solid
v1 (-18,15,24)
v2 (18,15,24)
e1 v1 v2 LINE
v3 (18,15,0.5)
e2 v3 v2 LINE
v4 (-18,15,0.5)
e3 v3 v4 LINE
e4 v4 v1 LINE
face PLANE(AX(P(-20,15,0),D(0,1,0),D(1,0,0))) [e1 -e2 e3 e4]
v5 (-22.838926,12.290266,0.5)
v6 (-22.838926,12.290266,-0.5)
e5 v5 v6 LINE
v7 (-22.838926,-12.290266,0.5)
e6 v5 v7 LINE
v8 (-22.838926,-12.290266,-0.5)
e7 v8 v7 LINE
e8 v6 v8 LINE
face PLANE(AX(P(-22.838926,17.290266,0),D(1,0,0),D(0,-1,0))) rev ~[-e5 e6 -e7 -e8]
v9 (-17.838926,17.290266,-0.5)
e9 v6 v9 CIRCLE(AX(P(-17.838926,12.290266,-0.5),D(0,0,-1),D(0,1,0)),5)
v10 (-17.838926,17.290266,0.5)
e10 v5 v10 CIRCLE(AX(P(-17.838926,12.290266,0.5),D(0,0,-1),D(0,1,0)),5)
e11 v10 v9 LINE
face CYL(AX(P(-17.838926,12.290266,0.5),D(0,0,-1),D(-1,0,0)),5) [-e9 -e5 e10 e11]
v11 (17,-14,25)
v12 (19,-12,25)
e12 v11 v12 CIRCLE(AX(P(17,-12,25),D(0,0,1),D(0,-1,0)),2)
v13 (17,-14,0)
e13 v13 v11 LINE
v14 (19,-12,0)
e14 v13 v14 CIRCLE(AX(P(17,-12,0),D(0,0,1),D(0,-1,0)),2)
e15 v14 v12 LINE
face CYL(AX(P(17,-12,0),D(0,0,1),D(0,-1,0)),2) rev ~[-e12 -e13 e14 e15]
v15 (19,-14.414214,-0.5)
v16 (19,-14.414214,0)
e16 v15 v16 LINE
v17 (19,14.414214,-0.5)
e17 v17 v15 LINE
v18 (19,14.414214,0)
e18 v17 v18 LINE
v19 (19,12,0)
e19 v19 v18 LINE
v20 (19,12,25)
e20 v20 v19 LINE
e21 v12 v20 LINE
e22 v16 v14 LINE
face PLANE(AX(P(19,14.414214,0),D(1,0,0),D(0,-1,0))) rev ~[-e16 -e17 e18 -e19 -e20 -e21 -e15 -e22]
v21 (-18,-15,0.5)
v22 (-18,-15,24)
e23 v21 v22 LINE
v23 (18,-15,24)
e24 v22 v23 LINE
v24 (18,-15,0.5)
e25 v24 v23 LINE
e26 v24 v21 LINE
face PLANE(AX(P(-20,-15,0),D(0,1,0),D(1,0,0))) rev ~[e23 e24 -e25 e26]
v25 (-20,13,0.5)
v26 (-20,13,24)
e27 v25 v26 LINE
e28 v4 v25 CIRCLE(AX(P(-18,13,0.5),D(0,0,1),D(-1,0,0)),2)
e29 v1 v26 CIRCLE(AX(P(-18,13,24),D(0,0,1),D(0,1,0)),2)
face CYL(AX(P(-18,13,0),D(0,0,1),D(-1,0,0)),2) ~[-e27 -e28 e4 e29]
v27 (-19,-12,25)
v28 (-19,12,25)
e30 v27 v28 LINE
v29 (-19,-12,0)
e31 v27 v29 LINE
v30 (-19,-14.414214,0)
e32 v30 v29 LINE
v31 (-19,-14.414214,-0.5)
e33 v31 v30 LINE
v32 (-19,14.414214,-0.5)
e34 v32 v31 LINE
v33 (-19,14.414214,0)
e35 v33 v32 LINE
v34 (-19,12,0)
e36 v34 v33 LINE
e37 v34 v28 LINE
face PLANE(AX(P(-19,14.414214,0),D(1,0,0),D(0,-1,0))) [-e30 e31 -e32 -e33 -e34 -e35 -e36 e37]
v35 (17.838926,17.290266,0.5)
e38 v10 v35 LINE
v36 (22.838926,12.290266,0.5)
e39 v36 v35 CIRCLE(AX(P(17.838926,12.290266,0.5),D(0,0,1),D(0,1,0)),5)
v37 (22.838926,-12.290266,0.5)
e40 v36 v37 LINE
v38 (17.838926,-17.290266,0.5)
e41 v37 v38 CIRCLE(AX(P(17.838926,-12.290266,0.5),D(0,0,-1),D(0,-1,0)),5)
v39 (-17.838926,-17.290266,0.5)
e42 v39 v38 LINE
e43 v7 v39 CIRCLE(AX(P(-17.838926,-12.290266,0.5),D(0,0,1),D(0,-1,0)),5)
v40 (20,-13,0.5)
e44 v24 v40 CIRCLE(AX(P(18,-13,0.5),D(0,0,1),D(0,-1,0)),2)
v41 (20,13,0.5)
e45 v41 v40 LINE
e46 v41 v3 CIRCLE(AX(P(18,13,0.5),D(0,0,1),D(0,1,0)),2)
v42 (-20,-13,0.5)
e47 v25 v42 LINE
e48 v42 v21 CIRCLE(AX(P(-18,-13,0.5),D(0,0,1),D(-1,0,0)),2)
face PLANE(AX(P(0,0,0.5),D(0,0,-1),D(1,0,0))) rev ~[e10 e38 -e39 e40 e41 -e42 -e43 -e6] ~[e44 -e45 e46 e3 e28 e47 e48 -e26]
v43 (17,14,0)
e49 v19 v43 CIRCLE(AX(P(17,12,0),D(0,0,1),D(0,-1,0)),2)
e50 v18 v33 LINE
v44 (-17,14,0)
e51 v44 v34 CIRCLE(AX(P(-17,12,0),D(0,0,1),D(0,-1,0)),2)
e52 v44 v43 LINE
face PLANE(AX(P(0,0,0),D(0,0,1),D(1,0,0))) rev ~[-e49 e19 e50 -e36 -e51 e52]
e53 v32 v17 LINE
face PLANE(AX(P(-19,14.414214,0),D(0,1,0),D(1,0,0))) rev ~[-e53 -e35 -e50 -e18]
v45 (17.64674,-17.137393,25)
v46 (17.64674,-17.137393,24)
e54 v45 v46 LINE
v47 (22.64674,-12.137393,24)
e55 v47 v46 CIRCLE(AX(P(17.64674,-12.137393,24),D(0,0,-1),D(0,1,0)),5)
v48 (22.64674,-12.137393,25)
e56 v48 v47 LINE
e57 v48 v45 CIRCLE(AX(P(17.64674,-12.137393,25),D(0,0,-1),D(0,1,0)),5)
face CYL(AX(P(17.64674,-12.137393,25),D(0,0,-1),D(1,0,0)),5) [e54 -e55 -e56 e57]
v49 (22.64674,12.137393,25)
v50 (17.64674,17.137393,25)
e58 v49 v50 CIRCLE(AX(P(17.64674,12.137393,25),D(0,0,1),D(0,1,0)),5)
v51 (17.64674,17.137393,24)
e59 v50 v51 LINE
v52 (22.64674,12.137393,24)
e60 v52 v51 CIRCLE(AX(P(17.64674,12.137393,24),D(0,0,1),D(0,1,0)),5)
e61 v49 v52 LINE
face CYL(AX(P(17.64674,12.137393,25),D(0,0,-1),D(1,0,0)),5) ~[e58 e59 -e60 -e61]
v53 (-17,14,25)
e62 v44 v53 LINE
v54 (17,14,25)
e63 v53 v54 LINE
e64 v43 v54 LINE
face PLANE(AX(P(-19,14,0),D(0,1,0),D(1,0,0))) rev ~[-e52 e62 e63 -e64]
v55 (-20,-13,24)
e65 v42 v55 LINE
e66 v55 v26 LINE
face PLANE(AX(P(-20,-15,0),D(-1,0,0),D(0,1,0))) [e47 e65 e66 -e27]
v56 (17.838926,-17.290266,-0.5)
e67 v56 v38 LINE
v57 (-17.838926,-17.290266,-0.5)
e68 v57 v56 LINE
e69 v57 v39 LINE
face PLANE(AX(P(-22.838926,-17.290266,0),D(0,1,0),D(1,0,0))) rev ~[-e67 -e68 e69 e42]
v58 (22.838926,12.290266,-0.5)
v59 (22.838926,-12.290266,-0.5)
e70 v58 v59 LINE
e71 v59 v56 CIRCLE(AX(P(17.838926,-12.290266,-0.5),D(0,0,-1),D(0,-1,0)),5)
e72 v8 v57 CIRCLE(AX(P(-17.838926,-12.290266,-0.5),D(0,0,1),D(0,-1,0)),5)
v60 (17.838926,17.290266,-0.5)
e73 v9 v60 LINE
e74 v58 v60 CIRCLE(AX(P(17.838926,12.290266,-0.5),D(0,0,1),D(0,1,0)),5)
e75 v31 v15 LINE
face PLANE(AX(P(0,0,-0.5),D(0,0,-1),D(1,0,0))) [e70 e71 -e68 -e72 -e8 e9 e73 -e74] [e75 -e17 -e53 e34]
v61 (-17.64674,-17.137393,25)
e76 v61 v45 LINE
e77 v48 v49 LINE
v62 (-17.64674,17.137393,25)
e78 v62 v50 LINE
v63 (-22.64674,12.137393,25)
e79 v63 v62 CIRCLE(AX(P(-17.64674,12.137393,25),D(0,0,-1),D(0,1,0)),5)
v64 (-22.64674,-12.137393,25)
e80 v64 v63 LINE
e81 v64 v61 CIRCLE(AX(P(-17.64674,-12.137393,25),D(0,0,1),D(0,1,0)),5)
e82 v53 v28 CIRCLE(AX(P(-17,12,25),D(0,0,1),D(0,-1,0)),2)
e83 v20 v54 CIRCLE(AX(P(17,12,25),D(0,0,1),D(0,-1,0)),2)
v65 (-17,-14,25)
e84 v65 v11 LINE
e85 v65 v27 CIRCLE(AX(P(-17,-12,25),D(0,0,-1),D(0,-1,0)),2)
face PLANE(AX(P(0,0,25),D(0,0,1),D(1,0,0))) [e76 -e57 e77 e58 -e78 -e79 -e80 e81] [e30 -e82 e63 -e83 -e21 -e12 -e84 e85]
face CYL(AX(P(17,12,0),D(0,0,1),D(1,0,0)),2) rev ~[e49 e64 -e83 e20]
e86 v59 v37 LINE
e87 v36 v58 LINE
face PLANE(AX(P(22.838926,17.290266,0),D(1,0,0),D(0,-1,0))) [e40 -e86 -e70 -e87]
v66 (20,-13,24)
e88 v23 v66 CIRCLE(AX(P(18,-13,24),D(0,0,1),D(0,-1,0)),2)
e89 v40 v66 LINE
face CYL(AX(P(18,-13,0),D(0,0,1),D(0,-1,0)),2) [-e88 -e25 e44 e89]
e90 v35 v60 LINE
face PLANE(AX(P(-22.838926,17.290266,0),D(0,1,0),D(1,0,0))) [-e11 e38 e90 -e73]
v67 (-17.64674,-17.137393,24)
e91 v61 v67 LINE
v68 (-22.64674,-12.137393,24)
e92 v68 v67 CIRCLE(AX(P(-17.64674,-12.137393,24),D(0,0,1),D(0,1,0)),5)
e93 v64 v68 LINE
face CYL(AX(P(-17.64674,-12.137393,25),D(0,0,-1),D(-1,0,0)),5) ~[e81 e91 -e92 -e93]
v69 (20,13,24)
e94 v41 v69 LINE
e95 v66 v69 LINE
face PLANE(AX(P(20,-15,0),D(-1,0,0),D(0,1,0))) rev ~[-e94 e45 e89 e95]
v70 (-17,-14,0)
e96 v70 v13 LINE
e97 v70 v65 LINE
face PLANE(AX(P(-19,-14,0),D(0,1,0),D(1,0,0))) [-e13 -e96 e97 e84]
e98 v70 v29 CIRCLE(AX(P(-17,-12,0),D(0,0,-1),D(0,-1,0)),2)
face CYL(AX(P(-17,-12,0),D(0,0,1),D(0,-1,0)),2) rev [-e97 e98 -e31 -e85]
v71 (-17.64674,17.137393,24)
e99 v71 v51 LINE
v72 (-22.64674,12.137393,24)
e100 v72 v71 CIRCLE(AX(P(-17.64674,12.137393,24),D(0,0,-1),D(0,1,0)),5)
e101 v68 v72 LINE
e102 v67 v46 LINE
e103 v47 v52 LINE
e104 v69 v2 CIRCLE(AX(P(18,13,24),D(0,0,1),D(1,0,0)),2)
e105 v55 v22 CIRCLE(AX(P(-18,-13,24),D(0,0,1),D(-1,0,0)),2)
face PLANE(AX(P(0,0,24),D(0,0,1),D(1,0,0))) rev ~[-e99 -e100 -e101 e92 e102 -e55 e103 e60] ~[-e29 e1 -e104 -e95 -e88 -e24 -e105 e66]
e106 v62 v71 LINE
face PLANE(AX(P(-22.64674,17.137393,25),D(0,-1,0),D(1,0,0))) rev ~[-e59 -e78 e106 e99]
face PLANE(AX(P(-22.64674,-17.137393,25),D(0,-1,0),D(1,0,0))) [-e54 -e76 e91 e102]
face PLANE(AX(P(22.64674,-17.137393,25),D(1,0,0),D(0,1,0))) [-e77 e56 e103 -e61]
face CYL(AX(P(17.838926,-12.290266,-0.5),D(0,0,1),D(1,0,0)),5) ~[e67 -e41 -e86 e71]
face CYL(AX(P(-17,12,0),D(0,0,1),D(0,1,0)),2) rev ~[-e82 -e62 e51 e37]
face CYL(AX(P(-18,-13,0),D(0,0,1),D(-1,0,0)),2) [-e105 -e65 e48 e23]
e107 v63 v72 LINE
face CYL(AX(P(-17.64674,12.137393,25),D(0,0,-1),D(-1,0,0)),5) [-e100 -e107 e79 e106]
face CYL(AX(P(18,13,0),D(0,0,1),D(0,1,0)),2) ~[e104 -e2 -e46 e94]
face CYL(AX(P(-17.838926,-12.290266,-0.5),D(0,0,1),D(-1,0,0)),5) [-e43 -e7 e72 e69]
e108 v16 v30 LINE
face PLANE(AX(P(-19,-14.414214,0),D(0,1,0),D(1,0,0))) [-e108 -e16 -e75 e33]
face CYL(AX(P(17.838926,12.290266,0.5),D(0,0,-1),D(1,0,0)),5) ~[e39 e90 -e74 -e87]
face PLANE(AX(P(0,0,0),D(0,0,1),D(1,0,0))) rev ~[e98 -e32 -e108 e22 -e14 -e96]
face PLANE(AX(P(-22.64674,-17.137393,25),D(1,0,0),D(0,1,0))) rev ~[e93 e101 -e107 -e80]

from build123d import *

# Parameters (mm, degrees)
F0_W     = 40
F0_H     = 30
F0_W_2   = 38
F0_H_2   = 28
F1_DEPTH = 25
F2_R     = 2
F3_W     = 45.2934801579
F3_H     = 34.2747867107
F3_W_2   = 38.8284271247
F3_H_2   = 28.8284271247
F4_DEPTH = 1
F5_R     = 5
F6_W     = 45.6778518856
F6_H     = 34.5805324614
F6_W_2   = 38
F6_H_2   = 28.8284271247
F7_DEPTH = 0.5
F8_R     = 5


with BuildPart() as f1:
    # F0 (on Top) → F1 (new body)
    with BuildSketch(Plane.XY):
        Rectangle(F0_W, F0_H)
        Rectangle(F0_W_2, F0_H_2, mode=Mode.SUBTRACT)
    extrude(amount=F1_DEPTH)

    # F2
    f2_edges = [f1.edges().sort_by_distance(p)[0] for p in [
        (-19, -14, 12.5),
        (-20, -15, 12.5),
        (-20, 15, 12.5),
        (-19, 14, 12.5),
        (19, -14, 12.5),
        (19, 14, 12.5),
        (20, 15, 12.5),
        (20, -15, 12.5),
    ]]
    fillet(f2_edges, radius=F2_R)

    # F3 (on face) → F4 (join)
    with BuildSketch(Plane.XY.offset(25)):
        Rectangle(F3_W, F3_H)
        Rectangle(F3_W_2, F3_H_2, mode=Mode.SUBTRACT)
    extrude(amount=-F4_DEPTH)

    # F5
    f5_edges = [f1.edges().sort_by_distance(p)[0] for p in [
        (-22.64674, 17.137393, 24.5),
        (-22.64674, -17.137393, 24.5),
        (22.64674, 17.137393, 24.5),
        (22.64674, -17.137393, 24.5),
    ]]
    fillet(f5_edges, radius=F5_R)

    # F6 (on face) → F7 (join, symmetric)
    with BuildSketch(Plane(origin=(0, 0, 0), x_dir=(1, 0, 0), z_dir=(0, 0, -1))):
        Rectangle(F6_W, F6_H)
        Rectangle(F6_W_2, F6_H_2, mode=Mode.SUBTRACT)
    extrude(amount=F7_DEPTH, both=True)

    # F8
    f8_edges = [f1.edges().sort_by_distance(p)[0] for p in [
        (-22.838926, -17.290266, 0),
        (22.838926, -17.290266, 0),
        (-22.838926, 17.290266, 0),
        (22.838926, 17.290266, 0),
    ]]
    fillet(f8_edges, radius=F8_R)


solid = f1.part
